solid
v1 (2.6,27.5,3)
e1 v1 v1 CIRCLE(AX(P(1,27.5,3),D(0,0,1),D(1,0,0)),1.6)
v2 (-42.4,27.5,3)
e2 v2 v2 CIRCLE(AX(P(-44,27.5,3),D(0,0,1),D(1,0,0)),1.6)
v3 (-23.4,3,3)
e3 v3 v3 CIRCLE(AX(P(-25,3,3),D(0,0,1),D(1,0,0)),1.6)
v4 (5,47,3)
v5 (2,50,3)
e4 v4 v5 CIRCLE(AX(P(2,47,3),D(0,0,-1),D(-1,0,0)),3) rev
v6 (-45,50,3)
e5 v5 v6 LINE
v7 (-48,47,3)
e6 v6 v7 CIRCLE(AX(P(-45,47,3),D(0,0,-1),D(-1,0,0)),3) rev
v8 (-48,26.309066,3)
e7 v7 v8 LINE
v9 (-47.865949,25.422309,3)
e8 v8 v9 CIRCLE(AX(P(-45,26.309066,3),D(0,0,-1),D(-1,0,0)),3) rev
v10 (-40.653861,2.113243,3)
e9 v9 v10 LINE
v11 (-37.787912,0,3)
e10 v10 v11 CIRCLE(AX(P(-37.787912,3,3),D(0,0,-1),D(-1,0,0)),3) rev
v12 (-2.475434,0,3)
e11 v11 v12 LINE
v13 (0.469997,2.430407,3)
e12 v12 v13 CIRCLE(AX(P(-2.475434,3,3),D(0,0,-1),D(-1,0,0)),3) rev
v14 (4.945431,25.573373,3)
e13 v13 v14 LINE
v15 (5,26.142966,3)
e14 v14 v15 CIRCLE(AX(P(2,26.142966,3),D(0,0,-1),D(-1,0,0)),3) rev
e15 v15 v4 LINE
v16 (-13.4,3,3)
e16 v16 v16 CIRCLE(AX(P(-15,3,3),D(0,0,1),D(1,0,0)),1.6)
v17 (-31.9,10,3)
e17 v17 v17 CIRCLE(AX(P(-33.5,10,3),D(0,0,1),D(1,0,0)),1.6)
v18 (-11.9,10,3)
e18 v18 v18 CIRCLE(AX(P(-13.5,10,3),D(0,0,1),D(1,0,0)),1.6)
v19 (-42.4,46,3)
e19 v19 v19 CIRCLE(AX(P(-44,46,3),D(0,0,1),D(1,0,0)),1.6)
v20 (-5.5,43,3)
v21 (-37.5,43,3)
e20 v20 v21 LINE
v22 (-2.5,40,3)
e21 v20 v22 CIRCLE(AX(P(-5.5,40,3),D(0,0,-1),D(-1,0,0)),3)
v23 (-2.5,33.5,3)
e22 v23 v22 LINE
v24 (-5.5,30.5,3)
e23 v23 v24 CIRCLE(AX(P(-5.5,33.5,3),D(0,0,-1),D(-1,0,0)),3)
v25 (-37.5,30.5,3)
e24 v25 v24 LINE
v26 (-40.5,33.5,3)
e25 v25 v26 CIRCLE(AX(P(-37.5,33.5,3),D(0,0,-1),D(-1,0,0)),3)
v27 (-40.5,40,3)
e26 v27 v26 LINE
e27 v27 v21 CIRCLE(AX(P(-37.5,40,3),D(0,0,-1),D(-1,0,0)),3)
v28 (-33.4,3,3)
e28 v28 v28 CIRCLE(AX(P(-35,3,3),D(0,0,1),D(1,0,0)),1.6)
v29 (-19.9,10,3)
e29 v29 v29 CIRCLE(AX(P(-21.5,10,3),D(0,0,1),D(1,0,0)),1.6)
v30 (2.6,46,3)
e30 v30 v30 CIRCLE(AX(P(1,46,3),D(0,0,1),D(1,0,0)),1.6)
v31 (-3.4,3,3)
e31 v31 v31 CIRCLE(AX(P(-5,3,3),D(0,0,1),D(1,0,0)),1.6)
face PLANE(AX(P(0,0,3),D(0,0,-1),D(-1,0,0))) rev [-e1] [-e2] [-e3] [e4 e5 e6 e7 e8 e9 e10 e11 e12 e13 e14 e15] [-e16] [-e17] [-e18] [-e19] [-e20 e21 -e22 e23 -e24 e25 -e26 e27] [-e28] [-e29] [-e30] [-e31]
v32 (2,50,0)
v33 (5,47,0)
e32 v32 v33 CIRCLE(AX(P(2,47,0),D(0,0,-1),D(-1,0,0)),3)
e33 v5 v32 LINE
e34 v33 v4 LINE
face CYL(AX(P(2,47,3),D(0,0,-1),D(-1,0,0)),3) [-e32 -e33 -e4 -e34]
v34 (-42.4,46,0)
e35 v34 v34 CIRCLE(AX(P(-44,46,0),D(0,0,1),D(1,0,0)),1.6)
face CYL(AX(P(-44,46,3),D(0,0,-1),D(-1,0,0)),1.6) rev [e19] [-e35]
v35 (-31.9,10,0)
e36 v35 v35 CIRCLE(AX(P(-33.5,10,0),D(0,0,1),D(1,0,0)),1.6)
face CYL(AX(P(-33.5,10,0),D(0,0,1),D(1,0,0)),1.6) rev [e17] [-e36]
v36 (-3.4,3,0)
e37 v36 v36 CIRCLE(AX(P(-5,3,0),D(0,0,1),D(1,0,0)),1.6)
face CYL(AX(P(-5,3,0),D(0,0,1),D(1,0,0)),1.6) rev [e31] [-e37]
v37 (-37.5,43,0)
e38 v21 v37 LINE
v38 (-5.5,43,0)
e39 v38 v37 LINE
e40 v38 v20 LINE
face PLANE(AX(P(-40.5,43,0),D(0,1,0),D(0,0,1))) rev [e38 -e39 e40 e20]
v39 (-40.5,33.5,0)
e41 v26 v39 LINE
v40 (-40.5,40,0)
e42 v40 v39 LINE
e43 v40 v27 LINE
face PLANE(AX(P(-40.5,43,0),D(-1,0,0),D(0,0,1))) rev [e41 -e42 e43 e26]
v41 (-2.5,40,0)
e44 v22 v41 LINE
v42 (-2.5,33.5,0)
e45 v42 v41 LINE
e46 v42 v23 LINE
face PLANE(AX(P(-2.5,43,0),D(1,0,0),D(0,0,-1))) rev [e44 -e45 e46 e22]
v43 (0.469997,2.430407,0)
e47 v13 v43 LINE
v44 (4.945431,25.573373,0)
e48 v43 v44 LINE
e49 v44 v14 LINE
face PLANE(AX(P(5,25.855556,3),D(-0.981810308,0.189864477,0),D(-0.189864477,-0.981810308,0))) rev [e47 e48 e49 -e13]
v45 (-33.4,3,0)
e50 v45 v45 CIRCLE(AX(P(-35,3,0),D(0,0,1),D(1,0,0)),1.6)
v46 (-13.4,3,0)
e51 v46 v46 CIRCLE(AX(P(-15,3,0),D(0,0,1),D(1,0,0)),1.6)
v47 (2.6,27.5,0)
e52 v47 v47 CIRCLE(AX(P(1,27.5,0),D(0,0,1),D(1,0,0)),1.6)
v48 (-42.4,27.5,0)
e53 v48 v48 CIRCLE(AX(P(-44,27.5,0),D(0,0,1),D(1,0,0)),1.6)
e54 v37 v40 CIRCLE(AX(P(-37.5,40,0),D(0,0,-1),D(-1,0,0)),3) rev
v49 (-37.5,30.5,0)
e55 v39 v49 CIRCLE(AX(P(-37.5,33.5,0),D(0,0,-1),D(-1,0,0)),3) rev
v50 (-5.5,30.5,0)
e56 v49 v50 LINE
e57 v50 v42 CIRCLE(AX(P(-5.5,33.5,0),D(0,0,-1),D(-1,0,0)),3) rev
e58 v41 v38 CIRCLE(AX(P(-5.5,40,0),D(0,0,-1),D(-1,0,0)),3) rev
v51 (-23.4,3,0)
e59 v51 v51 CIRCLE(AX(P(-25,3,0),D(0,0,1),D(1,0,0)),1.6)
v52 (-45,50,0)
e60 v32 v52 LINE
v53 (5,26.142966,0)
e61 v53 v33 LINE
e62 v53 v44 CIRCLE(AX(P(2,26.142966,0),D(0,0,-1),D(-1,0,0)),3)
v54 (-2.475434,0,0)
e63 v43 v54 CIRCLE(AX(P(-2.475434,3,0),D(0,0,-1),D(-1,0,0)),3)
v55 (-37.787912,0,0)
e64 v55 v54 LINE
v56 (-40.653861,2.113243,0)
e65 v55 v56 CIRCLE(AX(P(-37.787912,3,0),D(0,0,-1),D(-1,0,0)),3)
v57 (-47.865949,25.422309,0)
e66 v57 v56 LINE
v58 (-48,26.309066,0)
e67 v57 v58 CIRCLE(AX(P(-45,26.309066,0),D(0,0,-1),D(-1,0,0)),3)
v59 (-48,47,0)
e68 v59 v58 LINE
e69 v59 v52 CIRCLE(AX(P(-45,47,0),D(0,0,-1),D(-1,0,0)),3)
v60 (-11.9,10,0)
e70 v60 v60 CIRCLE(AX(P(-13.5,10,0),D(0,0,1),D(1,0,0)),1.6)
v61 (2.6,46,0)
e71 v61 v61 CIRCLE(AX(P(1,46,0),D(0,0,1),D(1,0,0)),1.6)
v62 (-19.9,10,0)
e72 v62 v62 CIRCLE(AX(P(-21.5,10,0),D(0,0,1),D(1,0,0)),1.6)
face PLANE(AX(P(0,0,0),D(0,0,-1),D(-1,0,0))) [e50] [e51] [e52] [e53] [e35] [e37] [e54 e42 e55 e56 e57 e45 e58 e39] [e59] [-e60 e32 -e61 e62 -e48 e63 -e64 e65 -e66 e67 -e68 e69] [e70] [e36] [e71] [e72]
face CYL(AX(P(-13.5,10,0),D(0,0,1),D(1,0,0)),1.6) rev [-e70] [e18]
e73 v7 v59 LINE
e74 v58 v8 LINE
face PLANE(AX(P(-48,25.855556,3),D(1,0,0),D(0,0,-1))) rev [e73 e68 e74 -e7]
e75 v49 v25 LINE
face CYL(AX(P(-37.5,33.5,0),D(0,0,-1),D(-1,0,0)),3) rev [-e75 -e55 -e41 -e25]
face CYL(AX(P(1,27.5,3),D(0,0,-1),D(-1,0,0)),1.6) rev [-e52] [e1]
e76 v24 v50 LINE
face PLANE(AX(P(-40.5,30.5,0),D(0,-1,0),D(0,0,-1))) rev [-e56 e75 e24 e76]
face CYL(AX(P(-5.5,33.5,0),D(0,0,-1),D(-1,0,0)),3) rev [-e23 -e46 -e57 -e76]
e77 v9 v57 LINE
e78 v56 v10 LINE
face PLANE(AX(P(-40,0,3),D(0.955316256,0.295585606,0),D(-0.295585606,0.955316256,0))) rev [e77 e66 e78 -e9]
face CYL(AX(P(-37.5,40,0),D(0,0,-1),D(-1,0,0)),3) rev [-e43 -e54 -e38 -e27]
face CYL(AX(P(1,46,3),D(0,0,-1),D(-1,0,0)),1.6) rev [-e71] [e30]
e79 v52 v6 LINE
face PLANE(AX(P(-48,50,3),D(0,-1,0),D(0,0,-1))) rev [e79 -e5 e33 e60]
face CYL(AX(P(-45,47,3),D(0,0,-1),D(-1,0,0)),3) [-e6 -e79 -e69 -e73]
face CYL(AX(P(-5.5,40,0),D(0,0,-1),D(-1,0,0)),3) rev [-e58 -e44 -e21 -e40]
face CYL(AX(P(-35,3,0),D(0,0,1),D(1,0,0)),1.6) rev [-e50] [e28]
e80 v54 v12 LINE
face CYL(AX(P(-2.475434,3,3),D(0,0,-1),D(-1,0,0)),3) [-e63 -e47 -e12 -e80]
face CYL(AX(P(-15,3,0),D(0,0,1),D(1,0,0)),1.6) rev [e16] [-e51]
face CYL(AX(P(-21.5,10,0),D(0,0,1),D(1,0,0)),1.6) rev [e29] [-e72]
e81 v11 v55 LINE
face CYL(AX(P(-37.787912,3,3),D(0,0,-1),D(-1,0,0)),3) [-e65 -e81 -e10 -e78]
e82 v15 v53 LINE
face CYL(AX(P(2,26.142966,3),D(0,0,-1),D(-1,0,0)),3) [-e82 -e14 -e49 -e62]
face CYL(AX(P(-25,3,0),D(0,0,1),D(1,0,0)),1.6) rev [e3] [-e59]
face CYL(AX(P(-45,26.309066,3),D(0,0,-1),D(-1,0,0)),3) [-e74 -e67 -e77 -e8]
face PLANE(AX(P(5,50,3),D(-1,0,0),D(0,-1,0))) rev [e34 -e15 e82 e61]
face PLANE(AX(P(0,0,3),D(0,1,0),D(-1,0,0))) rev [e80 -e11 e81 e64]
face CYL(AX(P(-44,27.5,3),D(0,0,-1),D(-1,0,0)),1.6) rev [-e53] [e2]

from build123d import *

# Parameters (mm, degrees)
SKETCH_1_R          = 1.6
EXTRUDE_1_DEPTH     = 3
SKETCH_2_R          = 1.6
CUT_EXTRUDE_1_DEPTH = 4
SKETCH_3_R          = 1.6
CUT_EXTRUDE_2_DEPTH = 4
SKETCH_4_W          = 38
SKETCH_4_H          = 12.5
CUT_EXTRUDE_3_DEPTH = 4
FILLET_1_R          = 3


with BuildPart() as part:
    # 草图1 → 凸台-拉伸1 (new body)
    with BuildSketch(Plane.XY):
        Polygon((-40, 0), (-48, 25.855555556), (-48, 50), (5, 50), (5, 25.855555556), (0, 0), align=None)
        with Locations((-44, 46)):
            Circle(SKETCH_1_R, mode=Mode.SUBTRACT)
        with Locations((1, 46)):
            Circle(SKETCH_1_R, mode=Mode.SUBTRACT)
        with Locations((1, 27.5)):
            Circle(SKETCH_1_R, mode=Mode.SUBTRACT)
        with Locations((-44, 27.5)):
            Circle(SKETCH_1_R, mode=Mode.SUBTRACT)
    extrude(amount=EXTRUDE_1_DEPTH)

    # 草图2 → 切除-拉伸1 (cut, through all)
    with BuildSketch(Plane.XY.offset(3)):
        with Locations((-5, 3)):
            Circle(SKETCH_2_R)
        with Locations((-15, 3)):
            Circle(SKETCH_2_R)
        with Locations((-25, 3)):
            Circle(SKETCH_2_R)
        with Locations((-35, 3)):
            Circle(SKETCH_2_R)
    extrude(amount=-CUT_EXTRUDE_1_DEPTH, mode=Mode.SUBTRACT)

    # 草图3 → 切除-拉伸2 (cut, through all)
    with BuildSketch(Plane.XY.offset(3)):
        with Locations((-13.5, 10)):
            Circle(SKETCH_3_R)
        with Locations((-21.5, 10)):
            Circle(SKETCH_3_R)
        with Locations((-33.5, 10)):
            Circle(SKETCH_3_R)
        with Locations((-21.5, 34)):
            Circle(SKETCH_3_R)
    extrude(amount=-CUT_EXTRUDE_2_DEPTH, mode=Mode.SUBTRACT)

    # 草图4 → 切除-拉伸3 (cut, through all)
    with BuildSketch(Plane.XY.offset(3)):
        with Locations((-21.5, 36.75)):
            Rectangle(SKETCH_4_W, SKETCH_4_H)
    extrude(amount=-CUT_EXTRUDE_3_DEPTH, mode=Mode.SUBTRACT)

    # 圆角1
    fillet_1_edges = [part.edges().sort_by_distance(p)[0] for p in [
        (0, 0, 1.5),
        (-40, 0, 1.5),
        (-48, 25.855555556, 1.5),
        (-48, 50, 1.5),
        (5, 50, 1.5),
        (5, 25.855555556, 1.5),
        (-2.5, 43, 1.5),
        (-2.5, 30.5, 1.5),
        (-40.5, 30.5, 1.5),
        (-40.5, 43, 1.5),
    ]]
    fillet(fillet_1_edges, radius=FILLET_1_R)


solid = part.part
